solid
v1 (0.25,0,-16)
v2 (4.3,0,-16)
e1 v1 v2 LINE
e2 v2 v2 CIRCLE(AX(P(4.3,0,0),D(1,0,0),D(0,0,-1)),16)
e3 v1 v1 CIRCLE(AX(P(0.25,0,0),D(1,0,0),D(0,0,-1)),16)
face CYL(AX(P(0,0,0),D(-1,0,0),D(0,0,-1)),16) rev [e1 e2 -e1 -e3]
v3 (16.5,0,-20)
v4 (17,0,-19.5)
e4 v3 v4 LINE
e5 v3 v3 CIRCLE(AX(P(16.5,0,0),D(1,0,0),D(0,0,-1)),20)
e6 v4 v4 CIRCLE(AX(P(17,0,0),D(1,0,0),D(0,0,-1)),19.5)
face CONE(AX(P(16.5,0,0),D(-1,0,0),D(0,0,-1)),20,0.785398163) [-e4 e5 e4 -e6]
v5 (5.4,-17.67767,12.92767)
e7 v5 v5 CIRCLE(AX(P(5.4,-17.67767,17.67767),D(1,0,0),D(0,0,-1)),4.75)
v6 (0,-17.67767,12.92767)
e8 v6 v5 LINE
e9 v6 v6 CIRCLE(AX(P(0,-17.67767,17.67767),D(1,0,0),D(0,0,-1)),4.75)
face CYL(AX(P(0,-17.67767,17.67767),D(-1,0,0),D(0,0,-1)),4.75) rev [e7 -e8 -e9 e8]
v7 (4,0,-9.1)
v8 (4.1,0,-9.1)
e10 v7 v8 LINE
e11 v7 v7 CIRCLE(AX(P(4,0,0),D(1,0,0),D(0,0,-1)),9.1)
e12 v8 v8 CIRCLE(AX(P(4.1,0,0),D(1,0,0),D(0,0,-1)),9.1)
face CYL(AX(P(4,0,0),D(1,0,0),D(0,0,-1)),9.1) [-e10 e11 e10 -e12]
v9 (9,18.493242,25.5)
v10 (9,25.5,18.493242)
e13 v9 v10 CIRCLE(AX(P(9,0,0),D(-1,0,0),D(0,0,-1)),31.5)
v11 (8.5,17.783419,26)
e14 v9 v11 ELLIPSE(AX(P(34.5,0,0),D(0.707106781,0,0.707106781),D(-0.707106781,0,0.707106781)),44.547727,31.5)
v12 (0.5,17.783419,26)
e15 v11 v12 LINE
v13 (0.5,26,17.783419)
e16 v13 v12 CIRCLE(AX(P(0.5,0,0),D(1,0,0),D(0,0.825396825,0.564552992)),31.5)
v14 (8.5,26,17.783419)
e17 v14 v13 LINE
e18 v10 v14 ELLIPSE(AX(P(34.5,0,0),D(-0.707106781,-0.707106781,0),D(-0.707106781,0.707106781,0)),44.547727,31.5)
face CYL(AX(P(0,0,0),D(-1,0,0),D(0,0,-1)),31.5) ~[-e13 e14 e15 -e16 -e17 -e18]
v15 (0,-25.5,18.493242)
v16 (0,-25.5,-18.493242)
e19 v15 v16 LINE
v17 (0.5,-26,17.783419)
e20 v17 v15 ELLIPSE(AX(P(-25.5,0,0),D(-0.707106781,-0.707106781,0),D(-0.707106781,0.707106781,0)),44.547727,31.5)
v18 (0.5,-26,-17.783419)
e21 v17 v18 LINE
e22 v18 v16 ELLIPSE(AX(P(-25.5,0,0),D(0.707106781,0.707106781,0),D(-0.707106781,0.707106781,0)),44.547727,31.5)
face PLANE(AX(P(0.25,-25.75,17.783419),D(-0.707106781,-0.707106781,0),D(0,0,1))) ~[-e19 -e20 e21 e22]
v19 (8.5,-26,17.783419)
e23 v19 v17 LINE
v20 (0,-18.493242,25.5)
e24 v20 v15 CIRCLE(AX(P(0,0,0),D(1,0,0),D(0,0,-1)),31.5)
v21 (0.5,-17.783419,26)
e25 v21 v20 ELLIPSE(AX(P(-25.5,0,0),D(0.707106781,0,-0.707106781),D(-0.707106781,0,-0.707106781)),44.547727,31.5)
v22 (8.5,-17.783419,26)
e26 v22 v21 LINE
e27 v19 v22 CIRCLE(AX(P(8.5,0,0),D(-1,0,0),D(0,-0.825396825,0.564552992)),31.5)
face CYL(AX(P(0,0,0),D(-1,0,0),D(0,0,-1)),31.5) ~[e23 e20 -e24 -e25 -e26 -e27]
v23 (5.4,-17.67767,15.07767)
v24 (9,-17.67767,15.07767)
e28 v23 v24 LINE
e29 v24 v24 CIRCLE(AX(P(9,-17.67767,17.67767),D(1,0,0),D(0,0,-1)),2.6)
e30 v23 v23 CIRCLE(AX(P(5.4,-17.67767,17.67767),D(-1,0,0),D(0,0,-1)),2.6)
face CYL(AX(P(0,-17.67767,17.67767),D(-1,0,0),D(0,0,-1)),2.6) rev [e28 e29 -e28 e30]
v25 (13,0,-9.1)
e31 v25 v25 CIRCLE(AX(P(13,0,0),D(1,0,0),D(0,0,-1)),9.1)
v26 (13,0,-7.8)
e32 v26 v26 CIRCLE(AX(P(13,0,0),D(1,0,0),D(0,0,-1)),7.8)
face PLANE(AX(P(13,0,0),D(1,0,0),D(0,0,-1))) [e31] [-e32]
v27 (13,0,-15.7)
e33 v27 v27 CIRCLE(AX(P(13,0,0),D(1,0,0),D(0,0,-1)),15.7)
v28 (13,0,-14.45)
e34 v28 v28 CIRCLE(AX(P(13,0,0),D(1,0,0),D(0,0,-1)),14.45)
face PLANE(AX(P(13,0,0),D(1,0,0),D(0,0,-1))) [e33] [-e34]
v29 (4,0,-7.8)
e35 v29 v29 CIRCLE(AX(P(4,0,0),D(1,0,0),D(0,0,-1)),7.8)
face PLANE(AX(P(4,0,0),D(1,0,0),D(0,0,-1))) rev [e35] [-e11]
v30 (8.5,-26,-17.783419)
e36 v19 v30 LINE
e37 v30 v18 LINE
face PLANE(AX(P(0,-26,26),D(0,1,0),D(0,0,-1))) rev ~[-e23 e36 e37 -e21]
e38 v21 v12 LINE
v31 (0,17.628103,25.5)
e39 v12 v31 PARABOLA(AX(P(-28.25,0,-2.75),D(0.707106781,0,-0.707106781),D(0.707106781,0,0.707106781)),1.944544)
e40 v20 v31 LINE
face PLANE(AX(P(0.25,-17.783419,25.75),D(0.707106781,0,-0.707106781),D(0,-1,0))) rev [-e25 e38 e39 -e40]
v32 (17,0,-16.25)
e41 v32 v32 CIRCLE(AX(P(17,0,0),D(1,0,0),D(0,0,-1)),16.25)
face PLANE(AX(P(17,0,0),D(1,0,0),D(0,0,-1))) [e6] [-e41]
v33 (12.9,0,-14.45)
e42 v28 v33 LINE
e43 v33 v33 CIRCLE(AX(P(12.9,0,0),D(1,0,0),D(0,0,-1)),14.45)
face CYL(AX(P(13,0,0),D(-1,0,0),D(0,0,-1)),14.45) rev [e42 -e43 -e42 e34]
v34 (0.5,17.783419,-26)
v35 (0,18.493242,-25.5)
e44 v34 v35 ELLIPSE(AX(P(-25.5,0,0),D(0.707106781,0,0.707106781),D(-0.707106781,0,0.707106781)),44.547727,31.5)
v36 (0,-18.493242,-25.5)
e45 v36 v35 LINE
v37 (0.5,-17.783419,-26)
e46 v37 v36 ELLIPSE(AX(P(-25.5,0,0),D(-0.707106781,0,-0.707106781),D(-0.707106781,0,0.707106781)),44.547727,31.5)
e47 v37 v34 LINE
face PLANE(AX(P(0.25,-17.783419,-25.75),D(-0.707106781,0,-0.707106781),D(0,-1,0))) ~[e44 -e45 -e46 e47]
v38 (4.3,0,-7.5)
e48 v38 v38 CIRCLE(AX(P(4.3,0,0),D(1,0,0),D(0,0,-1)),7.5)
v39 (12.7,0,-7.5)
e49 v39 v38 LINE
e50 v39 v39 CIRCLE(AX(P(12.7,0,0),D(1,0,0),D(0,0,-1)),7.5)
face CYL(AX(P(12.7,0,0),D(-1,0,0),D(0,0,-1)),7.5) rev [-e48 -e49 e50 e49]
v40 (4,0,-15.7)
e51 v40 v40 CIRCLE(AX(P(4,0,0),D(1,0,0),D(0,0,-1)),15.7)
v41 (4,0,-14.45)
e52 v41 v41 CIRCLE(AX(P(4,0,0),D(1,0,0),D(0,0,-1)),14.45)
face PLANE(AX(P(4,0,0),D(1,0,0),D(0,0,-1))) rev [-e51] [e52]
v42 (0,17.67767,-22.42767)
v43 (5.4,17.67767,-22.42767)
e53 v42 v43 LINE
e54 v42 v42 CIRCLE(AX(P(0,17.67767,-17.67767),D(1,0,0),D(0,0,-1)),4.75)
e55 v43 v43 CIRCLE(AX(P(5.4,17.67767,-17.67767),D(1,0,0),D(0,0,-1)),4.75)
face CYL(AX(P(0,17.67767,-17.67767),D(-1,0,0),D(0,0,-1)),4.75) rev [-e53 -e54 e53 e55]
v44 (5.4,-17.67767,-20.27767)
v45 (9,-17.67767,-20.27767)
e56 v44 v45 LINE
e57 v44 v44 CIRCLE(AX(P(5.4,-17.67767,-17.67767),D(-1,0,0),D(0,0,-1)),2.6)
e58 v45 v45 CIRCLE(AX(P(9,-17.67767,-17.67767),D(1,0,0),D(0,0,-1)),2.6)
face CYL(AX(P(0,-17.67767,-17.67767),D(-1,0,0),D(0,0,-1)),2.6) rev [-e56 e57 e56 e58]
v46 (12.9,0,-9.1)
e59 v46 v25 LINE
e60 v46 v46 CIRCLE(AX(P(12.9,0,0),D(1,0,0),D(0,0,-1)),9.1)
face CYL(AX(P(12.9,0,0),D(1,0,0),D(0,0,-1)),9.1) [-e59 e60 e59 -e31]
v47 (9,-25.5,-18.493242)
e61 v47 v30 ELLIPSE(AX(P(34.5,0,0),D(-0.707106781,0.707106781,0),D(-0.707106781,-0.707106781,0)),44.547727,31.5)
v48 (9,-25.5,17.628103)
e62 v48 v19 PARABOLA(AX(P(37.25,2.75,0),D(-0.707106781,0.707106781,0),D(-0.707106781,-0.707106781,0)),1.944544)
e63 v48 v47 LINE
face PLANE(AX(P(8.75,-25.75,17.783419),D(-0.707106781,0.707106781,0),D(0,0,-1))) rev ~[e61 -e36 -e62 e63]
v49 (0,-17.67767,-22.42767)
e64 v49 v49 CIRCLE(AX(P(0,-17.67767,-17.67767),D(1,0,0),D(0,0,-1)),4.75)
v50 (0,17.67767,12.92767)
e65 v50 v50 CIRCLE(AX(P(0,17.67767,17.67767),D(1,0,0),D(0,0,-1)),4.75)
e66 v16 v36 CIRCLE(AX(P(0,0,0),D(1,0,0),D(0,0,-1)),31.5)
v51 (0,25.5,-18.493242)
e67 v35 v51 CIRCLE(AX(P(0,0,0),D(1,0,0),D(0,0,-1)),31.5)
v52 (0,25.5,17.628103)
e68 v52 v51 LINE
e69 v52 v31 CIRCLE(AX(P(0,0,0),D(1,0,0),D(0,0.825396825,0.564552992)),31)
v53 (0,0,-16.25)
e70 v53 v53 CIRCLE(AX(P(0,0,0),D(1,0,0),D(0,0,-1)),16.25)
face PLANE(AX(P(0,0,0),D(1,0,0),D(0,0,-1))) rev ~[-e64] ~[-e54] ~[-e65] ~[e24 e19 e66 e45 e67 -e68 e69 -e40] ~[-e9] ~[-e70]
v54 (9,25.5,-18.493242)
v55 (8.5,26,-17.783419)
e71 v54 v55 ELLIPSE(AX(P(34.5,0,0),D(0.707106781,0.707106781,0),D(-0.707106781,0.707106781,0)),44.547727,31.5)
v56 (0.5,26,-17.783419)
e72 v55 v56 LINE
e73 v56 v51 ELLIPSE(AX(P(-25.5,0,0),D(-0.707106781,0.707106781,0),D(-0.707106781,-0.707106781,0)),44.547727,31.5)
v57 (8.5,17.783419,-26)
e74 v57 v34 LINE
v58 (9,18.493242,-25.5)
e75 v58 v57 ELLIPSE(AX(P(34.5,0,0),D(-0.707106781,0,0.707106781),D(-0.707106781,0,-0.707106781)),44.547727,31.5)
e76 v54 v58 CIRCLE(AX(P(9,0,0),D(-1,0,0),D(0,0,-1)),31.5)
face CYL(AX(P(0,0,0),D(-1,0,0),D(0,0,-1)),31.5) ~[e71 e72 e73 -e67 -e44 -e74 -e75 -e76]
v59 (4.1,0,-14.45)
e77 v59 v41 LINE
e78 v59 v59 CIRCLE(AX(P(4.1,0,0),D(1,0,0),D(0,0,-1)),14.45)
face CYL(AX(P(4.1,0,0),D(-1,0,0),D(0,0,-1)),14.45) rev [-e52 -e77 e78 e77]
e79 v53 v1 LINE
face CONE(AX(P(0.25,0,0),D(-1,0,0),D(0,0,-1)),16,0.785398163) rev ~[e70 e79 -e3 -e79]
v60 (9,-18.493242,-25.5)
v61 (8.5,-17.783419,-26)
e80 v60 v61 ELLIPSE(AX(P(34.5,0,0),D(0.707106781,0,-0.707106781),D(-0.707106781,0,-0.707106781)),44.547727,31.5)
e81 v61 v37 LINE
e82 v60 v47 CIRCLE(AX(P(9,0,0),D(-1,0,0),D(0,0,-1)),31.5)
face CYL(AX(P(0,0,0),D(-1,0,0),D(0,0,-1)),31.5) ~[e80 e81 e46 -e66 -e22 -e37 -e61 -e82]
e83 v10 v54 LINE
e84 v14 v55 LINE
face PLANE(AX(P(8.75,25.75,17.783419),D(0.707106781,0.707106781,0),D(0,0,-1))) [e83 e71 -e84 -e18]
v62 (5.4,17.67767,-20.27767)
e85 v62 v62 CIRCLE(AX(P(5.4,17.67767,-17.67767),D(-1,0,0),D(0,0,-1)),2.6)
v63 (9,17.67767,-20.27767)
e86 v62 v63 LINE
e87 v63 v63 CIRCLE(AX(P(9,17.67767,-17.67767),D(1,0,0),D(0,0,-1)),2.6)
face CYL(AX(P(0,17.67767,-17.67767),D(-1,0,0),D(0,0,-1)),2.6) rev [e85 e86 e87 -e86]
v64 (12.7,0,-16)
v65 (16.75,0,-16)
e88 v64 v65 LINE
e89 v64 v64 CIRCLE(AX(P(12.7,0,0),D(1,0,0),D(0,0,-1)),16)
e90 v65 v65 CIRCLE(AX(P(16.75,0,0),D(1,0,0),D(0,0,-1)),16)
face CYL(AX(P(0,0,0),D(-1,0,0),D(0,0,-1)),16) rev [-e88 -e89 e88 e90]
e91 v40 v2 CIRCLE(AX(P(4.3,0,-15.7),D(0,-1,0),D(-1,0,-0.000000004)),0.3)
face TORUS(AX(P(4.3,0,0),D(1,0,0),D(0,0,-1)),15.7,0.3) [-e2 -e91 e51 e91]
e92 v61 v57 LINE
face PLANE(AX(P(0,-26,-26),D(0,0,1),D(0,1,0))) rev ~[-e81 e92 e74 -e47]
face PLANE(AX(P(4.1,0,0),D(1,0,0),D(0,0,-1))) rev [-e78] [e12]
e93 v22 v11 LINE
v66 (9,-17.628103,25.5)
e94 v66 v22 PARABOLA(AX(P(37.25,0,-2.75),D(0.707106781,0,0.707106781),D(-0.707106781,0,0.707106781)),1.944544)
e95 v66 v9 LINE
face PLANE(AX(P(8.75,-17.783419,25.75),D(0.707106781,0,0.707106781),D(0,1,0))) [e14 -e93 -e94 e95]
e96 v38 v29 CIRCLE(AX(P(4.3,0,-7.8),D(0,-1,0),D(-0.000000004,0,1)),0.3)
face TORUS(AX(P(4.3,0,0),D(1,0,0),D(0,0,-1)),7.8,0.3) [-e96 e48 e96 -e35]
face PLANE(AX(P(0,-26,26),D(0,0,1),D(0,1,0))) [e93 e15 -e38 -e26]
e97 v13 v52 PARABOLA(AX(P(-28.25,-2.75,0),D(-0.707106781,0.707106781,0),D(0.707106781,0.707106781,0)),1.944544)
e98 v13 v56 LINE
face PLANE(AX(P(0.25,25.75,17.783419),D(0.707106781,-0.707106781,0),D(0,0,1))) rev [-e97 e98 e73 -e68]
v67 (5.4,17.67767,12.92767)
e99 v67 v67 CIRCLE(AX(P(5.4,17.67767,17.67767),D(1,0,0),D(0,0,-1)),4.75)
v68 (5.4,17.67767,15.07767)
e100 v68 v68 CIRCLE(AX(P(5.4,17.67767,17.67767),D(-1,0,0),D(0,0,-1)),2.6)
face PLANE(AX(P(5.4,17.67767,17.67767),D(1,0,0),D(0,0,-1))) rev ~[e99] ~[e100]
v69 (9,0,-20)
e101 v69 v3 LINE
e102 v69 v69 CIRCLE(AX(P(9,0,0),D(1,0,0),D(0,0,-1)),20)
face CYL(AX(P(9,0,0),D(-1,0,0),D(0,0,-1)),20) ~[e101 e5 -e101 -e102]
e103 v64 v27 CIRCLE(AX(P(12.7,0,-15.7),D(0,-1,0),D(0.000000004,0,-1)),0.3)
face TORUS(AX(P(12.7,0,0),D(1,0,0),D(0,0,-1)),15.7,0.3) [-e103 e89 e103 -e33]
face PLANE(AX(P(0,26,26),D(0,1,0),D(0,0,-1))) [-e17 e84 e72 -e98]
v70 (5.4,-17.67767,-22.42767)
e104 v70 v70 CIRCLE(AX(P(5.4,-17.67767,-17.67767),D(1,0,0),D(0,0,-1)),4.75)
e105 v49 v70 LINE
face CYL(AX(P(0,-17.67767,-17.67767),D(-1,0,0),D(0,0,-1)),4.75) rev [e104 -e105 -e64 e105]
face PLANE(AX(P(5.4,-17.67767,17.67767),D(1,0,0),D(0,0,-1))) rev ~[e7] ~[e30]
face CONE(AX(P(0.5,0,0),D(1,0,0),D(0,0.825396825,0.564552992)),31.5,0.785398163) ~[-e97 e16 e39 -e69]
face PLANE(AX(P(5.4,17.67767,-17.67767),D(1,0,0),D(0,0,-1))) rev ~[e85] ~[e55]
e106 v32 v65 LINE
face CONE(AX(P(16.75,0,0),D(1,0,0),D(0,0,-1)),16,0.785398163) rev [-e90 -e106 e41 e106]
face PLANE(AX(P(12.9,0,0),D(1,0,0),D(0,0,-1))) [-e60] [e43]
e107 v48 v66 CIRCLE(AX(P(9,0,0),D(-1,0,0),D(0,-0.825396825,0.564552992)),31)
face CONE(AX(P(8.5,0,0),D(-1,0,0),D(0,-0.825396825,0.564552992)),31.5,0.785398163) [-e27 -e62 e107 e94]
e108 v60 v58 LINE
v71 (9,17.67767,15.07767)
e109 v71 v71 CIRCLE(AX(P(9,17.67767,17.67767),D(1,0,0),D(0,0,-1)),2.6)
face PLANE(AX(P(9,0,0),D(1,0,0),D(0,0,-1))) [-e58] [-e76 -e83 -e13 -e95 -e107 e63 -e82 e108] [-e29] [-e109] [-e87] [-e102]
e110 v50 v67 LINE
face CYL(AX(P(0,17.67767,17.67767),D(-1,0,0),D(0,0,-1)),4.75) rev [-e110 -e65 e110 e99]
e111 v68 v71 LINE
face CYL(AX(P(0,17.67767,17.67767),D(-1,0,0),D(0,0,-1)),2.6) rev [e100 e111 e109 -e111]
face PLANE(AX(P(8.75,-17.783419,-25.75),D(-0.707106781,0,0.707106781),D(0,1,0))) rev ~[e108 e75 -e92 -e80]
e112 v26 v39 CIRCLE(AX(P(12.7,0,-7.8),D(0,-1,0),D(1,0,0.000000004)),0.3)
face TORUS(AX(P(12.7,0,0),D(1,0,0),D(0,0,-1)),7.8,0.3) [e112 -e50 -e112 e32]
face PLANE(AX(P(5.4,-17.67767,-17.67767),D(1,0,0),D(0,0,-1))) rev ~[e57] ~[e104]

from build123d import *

# Parameters (mm, degrees)
SKIZZE1_W                       = 52
SKIZZE1_H                       = 52
AUFSATZ_LINEAR_AUSTRAGEN1_DEPTH = 17
SKIZZE2_R                       = 63
SKIZZE2_R_2                     = 31.5
SCHNITT_LINEAR_AUSTRAGEN1_DEPTH = 17
SKIZZE3_R                       = 63
SKIZZE3_R_2                     = 20
SCHNITT_LINEAR_AUSTRAGEN2_DEPTH = 8
SKIZZE4_R                       = 16
SCHNITT_LINEAR_AUSTRAGEN3_DEPTH = 17
SKIZZE5_R                       = 2.6
SCHNITT_LINEAR_AUSTRAGEN4_DEPTH = 9
LINEARES_MUSTER1_COUNT          = 2
LINEARES_MUSTER1_PITCH          = 35.355339059
LINEARES_MUSTER1_COUNT_DIR2     = 2
LINEARES_MUSTER1_PITCH_DIR2     = 35.355339059
SKIZZE7_R                       = 4.75
SCHNITT_LINEAR_AUSTRAGEN5_DEPTH = 5.4
LINEARES_MUSTER2_COUNT          = 2
LINEARES_MUSTER2_PITCH          = 35.355339059
LINEARES_MUSTER2_COUNT_DIR2     = 2
LINEARES_MUSTER2_PITCH_DIR2     = 35.355339059
FASE1_SIZE                      = 0.5
FASE2_SIZE                      = 0.5
FASE3_SIZE                      = 0.25


with BuildPart() as part:
    # Skizze1 → Aufsatz-Linear austragen1 (new body)
    with BuildSketch(Plane(origin=(0, 0, 0), x_dir=(0, 0, -1), z_dir=(1, 0, 0))):
        Rectangle(SKIZZE1_W, SKIZZE1_H)
    extrude(amount=AUFSATZ_LINEAR_AUSTRAGEN1_DEPTH)

    # Skizze2 → Schnitt-Linear austragen1 (cut)
    with BuildSketch(Plane(origin=(0, 0, 0), x_dir=(0, 0, -1), z_dir=(1, 0, 0))):
        Circle(SKIZZE2_R)
        Circle(SKIZZE2_R_2, mode=Mode.SUBTRACT)
    extrude(amount=SCHNITT_LINEAR_AUSTRAGEN1_DEPTH, mode=Mode.SUBTRACT)

    # Skizze3 → Schnitt-Linear austragen2 (cut)
    with BuildSketch(Plane(origin=(9, 0, 0), x_dir=(0, 0, -1), z_dir=(1, 0, 0))):
        Circle(SKIZZE3_R)
        Circle(SKIZZE3_R_2, mode=Mode.SUBTRACT)
    extrude(amount=SCHNITT_LINEAR_AUSTRAGEN2_DEPTH, mode=Mode.SUBTRACT)

    # Skizze4 → Schnitt-Linear austragen3 (cut)
    with BuildSketch(Plane(origin=(0, 0, 0), x_dir=(0, 0, -1), z_dir=(1, 0, 0))):
        Circle(SKIZZE4_R)
    extrude(amount=SCHNITT_LINEAR_AUSTRAGEN3_DEPTH, mode=Mode.SUBTRACT)

    # Skizze5 → Schnitt-Linear austragen4 (cut)
    with BuildSketch(Plane(origin=(0, 0, 0), x_dir=(0, 0, -1), z_dir=(1, 0, 0))):
        with Locations((-17.67766953, 17.67766953)):
            Circle(SKIZZE5_R)
    schnitt_linear_austragen4 = extrude(amount=SCHNITT_LINEAR_AUSTRAGEN4_DEPTH, mode=Mode.SUBTRACT)

    # Lineares Muster1: Schnitt-Linear austragen4 2 × 2
    with Locations(*[(0, -j * LINEARES_MUSTER1_PITCH_DIR2, -i * LINEARES_MUSTER1_PITCH) for i in range(LINEARES_MUSTER1_COUNT) for j in range(LINEARES_MUSTER1_COUNT_DIR2) if (i, j) != (0, 0)]):
        add(schnitt_linear_austragen4, mode=Mode.SUBTRACT)

    # Skizze7 → Schnitt-Linear austragen5 (cut)
    with BuildSketch(Plane(origin=(0, 0, 0), x_dir=(0, 0, -1), z_dir=(1, 0, 0))):
        with Locations((-17.67766953, 17.67766953)):
            Circle(SKIZZE7_R)
    schnitt_linear_austragen5 = extrude(amount=SCHNITT_LINEAR_AUSTRAGEN5_DEPTH, mode=Mode.SUBTRACT)

    # Lineares Muster2: Schnitt-Linear austragen5 2 × 2
    with Locations(*[(0, -j * LINEARES_MUSTER2_PITCH_DIR2, -i * LINEARES_MUSTER2_PITCH) for i in range(LINEARES_MUSTER2_COUNT) for j in range(LINEARES_MUSTER2_COUNT_DIR2) if (i, j) != (0, 0)]):
        add(schnitt_linear_austragen5, mode=Mode.SUBTRACT)

    # Skizze9 → Rotation1 (revolve)
    with BuildSketch(Plane(origin=(0, 0, 0), x_dir=(-1, 0, 0), z_dir=(0, 0, -1)), mode=Mode.PRIVATE) as rotation1_sk:
        with BuildLine():
            Line((-13, 15.7), (-13, 14.45))
            Line((-13, 14.45), (-12.9, 14.45))
            Line((-12.9, 14.45), (-12.9, 9.1))
            Line((-12.9, 9.1), (-13, 9.1))
            Line((-13, 9.1), (-13, 7.8))
            ThreePointArc((-13, 7.8), (-12.912132034, 7.587867966), (-12.7, 7.5))
            Line((-12.7, 7.5), (-4.3, 7.5))
            ThreePointArc((-4.3, 7.5), (-4.087867966, 7.587867966), (-4, 7.8))
            Line((-4, 7.8), (-4, 9.1))
            Line((-4, 9.1), (-4.1, 9.1))
            Line((-4.1, 9.1), (-4.1, 14.45))
            Line((-4.1, 14.45), (-4, 14.45))
            Line((-4, 14.45), (-4, 15.7))
            ThreePointArc((-4, 15.7), (-4.087867966, 15.912132034), (-4.3, 16))
            Line((-4.3, 16), (-12.7, 16))
            ThreePointArc((-12.7, 16), (-12.912132034, 15.912132034), (-13, 15.7))
        make_face()
    revolve(rotation1_sk.sketch.rotate(Axis((-500, 0, 0), (1, 0, 0)), 270), axis=Axis((-500, 0, 0), (1, 0, 0)))  # turned: the seam where the file's is

    # Fase1
    fase1_edges = [part.edges().sort_by_distance(p)[0] for p in [
        (17, 0, 20),
    ]]
    chamfer(fase1_edges, length=FASE1_SIZE)

    # Fase2
    fase2_edges = [part.edges().sort_by_distance(p)[0] for p in [
        (0, -26, 0),
        (0, 0, -26),
        (9, 0, 26),
        (9, -22.273863607, 22.273863607),
        (9, -26, 0),
        (9, 0, -26),
        (9, 26, 0),
        (0, 0, 26),
        (0, 26, 0),
        (0, 22.273863607, 22.273863607),
    ]]
    chamfer(fase2_edges, length=FASE2_SIZE)

    # Fase3
    fase3_edges = [part.edges().sort_by_distance(p)[0] for p in [
        (0, 0, 16),
        (17, 0, 16),
    ]]
    chamfer(fase3_edges, length=FASE3_SIZE)


solid = part.part
